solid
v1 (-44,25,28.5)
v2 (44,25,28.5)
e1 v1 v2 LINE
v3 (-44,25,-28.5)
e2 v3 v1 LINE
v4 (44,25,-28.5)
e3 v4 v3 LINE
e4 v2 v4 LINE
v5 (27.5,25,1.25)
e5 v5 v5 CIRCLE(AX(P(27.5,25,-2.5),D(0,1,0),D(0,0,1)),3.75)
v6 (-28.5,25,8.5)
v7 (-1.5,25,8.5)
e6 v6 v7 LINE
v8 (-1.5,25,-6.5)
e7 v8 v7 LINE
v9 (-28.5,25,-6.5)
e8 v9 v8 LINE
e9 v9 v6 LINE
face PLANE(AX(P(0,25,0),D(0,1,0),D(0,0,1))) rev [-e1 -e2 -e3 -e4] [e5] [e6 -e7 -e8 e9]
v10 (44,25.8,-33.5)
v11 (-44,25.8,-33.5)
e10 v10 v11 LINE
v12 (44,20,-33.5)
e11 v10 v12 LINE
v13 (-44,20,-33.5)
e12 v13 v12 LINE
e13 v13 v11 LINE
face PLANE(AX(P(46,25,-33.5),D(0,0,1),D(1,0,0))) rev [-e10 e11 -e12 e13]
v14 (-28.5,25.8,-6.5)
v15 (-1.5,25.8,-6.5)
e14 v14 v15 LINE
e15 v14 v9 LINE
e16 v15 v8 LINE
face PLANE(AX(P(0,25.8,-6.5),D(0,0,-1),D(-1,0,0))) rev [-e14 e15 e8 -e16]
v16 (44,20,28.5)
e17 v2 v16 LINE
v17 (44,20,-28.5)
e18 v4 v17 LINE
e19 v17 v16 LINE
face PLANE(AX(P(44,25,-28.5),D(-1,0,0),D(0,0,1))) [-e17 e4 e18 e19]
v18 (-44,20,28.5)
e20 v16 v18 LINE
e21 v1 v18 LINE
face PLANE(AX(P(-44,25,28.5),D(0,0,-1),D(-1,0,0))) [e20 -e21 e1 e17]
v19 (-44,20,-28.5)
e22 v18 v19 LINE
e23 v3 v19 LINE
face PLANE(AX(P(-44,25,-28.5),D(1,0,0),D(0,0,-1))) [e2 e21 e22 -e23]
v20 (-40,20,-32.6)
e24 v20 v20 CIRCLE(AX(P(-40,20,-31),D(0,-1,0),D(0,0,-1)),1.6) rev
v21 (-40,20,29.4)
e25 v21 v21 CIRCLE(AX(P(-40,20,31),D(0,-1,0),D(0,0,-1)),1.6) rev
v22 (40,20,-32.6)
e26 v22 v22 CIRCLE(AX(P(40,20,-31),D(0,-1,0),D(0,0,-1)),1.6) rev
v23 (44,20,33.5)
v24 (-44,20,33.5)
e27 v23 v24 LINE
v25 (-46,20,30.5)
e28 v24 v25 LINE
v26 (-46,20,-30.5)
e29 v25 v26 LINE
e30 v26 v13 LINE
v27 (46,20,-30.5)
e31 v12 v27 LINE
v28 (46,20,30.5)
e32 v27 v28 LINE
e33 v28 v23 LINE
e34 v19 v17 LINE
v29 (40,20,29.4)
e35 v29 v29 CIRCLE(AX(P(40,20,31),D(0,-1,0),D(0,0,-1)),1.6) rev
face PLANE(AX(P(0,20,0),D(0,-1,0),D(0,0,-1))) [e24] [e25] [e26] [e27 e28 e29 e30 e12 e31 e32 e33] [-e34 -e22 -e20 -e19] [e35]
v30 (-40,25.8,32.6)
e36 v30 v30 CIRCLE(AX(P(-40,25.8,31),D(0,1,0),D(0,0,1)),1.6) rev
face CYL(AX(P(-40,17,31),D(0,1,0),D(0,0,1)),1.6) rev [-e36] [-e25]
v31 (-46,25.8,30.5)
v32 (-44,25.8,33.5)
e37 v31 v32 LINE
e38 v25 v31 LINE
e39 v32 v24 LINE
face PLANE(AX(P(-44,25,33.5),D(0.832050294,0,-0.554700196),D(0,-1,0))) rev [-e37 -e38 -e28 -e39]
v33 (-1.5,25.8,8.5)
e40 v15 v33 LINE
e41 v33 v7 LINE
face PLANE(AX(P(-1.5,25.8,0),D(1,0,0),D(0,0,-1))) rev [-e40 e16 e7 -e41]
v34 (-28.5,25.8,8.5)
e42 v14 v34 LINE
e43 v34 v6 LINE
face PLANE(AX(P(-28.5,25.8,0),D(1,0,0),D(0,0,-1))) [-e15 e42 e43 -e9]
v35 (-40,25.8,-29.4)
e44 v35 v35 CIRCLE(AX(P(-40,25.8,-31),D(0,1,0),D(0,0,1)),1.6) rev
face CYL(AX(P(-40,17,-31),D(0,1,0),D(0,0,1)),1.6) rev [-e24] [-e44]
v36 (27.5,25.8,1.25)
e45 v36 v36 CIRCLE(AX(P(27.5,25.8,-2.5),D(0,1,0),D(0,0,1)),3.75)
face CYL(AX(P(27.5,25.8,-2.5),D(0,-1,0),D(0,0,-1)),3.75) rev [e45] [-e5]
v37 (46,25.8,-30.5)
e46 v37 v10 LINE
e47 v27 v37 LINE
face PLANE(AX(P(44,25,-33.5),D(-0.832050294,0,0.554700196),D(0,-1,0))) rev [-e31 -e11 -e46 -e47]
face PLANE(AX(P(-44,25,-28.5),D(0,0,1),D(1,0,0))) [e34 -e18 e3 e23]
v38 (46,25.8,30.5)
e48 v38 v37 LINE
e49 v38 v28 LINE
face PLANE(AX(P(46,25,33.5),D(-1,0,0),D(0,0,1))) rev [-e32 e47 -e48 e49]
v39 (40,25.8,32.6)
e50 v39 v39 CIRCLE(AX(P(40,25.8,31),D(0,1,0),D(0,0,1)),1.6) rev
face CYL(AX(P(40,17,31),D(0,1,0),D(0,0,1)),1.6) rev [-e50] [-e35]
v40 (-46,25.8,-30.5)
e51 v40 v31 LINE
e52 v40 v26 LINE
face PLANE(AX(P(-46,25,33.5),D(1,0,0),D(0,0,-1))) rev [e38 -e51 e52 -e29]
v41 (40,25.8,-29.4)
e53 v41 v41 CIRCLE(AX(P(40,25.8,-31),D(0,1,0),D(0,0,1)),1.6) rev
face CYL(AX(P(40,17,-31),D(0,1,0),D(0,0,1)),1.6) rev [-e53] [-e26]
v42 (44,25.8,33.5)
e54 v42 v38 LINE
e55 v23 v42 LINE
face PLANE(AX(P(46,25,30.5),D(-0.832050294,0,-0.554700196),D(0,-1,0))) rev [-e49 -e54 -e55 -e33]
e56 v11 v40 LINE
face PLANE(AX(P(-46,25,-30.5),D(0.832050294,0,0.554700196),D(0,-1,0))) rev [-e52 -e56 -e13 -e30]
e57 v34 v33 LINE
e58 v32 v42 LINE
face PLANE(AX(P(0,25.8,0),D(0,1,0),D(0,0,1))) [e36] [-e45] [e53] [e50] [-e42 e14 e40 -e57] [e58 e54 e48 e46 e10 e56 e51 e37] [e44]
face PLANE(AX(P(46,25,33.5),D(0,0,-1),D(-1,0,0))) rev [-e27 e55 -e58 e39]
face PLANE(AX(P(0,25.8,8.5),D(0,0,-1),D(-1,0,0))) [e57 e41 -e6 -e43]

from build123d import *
from OCP.BRepFilletAPI import BRepFilletAPI_MakeChamfer

# Parameters (mm, degrees)
SKETCH1_W           = 92
SKETCH1_H           = 67
SKETCH1_W_2         = 88
SKETCH1_H_2         = 57
BOSS_EXTRUDE1_DEPTH = 25
SKETCH2_W           = 92
SKETCH2_H           = 67
BOSS_EXTRUDE2_DEPTH = 0.8
CUT_EXTRUDE1_REACH  = 103.051
SKETCH3_W           = 11
SKETCH3_H           = 7
CUT_EXTRUDE2_DEPTH  = 8
CHAMFER1_SIZE       = 3
CHAMFER1_SIZE2      = 2
CHAMFER2_SIZE       = 2
CHAMFER2_SIZE2      = 3
BOSS_EXTRUDE3_START = 0.8
SKETCH6_R           = 1.6
SKETCH6_W           = 88
SKETCH6_H           = 57
SKETCH6_R_2         = 3.75
SKETCH6_W_2         = 27
SKETCH6_H_2         = 15
BOSS_EXTRUDE3_DEPTH = 0.8
CUT_EXTRUDE3_DEPTH  = 20.8


with BuildPart() as part:
    # Sketch1 → Boss-Extrude1 (new body)
    with BuildSketch(Plane(origin=(0, 0, 0), x_dir=(1, 0, 0), z_dir=(0, 1, 0))):
        Rectangle(SKETCH1_W, SKETCH1_H)
        Rectangle(SKETCH1_W_2, SKETCH1_H_2, mode=Mode.SUBTRACT)
    extrude(amount=BOSS_EXTRUDE1_DEPTH)

    # Sketch2 → Boss-Extrude2 (add)
    with BuildSketch(Plane.XZ):
        Rectangle(SKETCH2_W, SKETCH2_H)
    extrude(amount=BOSS_EXTRUDE2_DEPTH)

    # Sketch3 → Cut-Extrude1 (cut, up to next)
    with BuildSketch(Plane.ZY.offset(46), mode=Mode.PRIVATE) as cut_extrude1_sk1:
        with Locations((0, 15)):
            Rectangle(SKETCH3_W, SKETCH3_H)
    cut_extrude1_tool1 = extrude(cut_extrude1_sk1.sketch, amount=-CUT_EXTRUDE1_REACH, mode=Mode.PRIVATE) & part.part
    add(cut_extrude1_tool1.solids().sort_by_distance((-46, 15, 0))[0], mode=Mode.SUBTRACT)

    # Sketch4 → Cut-Extrude2 (cut)
    with BuildSketch(Plane(origin=(0, 25, 0), x_dir=(1, 0, 0), z_dir=(0, 1, 0))):
        with BuildLine():
            ThreePointArc((-38.4, 31), (-41.13137085, 32.13137085), (-40, 29.4))
            Line((-40, 29.4), (-40, 31))
            Line((-40, 31), (-38.4, 31))
        make_face()
        with BuildLine():
            Line((-40, 31), (-40, 29.4))
            ThreePointArc((-40, 29.4), (-38.86862915, 29.86862915), (-38.4, 31))
            Line((-38.4, 31), (-40, 31))
        make_face()
        with BuildLine():
            ThreePointArc((-40, -29.4), (-41.13137085, -32.13137085), (-38.4, -31))
            Line((-38.4, -31), (-40, -31))
            Line((-40, -31), (-40, -29.4))
        make_face()
        with BuildLine():
            Line((-40, -31), (-38.4, -31))
            ThreePointArc((-38.4, -31), (-38.86862915, -29.86862915), (-40, -29.4))
            Line((-40, -29.4), (-40, -31))
        make_face()
        with BuildLine():
            ThreePointArc((40, -29.4), (38.86862915, -29.86862915), (38.4, -31))
            Line((38.4, -31), (40, -31))
            Line((40, -31), (40, -29.4))
        make_face()
        with BuildLine():
            Line((40, -31), (38.4, -31))
            ThreePointArc((38.4, -31), (40, -32.6), (41.6, -31))
            ThreePointArc((41.6, -31), (41.13137085, -29.86862915), (40, -29.4))
            Line((40, -29.4), (40, -31))
        make_face()
        with BuildLine():
            ThreePointArc((38.4, 31), (38.86862915, 29.86862915), (40, 29.4))
            Line((40, 29.4), (40, 31))
            Line((40, 31), (38.4, 31))
        make_face()
        with BuildLine():
            Line((40, 31), (40, 29.4))
            ThreePointArc((40, 29.4), (41.13137085, 29.86862915), (41.6, 31))
            ThreePointArc((41.6, 31), (40, 32.6), (38.4, 31))
            Line((38.4, 31), (40, 31))
        make_face()
    extrude(amount=-CUT_EXTRUDE2_DEPTH, mode=Mode.SUBTRACT)

    # Chamfer1: one chamfer whose edges measure the first distance from different faces: ONE call of the kernel's chamfer builder (chamfer() names one face for all edges)
    chamfer1_edges_1 = [part.edges().sort_by_distance(p)[0] for p in [
        (46, 12.1, -33.5),
    ]]
    chamfer1_side_1 = [part.faces().sort_by_distance(p)[0] for p in [
        (46, 12.1, 0),
    ]]
    chamfer1_edges_2 = [part.edges().sort_by_distance(p)[0] for p in [
        (-46, 12.1, 33.5),
    ]]
    chamfer1_side_2 = [part.faces().sort_by_distance(p)[0] for p in [
        (-46, 12.1, 32.782041784),
    ]]
    chamfer1 = BRepFilletAPI_MakeChamfer(part.part.solid().wrapped)
    for e in chamfer1_edges_1:
        chamfer1.Add(CHAMFER1_SIZE, CHAMFER1_SIZE2, e.wrapped, chamfer1_side_1[0].wrapped)  # the first distance lies on this face
    for e in chamfer1_edges_2:
        chamfer1.Add(CHAMFER1_SIZE, CHAMFER1_SIZE2, e.wrapped, chamfer1_side_2[0].wrapped)  # the first distance lies on this face
    add(Compound.cast(chamfer1.Shape()), mode=Mode.REPLACE)

    # Chamfer2: one chamfer whose edges measure the first distance from different faces: ONE call of the kernel's chamfer builder (chamfer() names one face for all edges)
    chamfer2_edges_1 = [part.edges().sort_by_distance(p)[0] for p in [
        (-46, 12.1, -33.5),
    ]]
    chamfer2_side_1 = [part.faces().sort_by_distance(p)[0] for p in [
        (-1, 12.1, -33.5),
    ]]
    chamfer2_edges_2 = [part.edges().sort_by_distance(p)[0] for p in [
        (46, 12.1, 33.5),
    ]]
    chamfer2_side_2 = [part.faces().sort_by_distance(p)[0] for p in [
        (1, 12.1, 33.5),
    ]]
    chamfer2 = BRepFilletAPI_MakeChamfer(part.part.solid().wrapped)
    for e in chamfer2_edges_1:
        chamfer2.Add(CHAMFER2_SIZE, CHAMFER2_SIZE2, e.wrapped, chamfer2_side_1[0].wrapped)  # the first distance lies on this face
    for e in chamfer2_edges_2:
        chamfer2.Add(CHAMFER2_SIZE, CHAMFER2_SIZE2, e.wrapped, chamfer2_side_2[0].wrapped)  # the first distance lies on this face
    add(Compound.cast(chamfer2.Shape()), mode=Mode.REPLACE)

    # Sketch6 → Boss-Extrude3 (add)
    # profile 1 of 2: a face of its own
    with BuildSketch(Plane(origin=(0, 25, 0), x_dir=(1, 0, 0), z_dir=(0, 1, 0)).offset(BOSS_EXTRUDE3_START)):
        Polygon((46, 30.5), (44, 33.5), (-44, 33.5), (-46, 30.5), (-46, -30.5), (-44, -33.5), (44, -33.5), (46, -30.5), align=None)
        with Locations(Location((40, -31, 0), (0, 0, 270))):
            Circle(SKETCH6_R, mode=Mode.SUBTRACT)
        with Locations(Location((-40, 31, 0), (0, 0, 270))):
            Circle(SKETCH6_R, mode=Mode.SUBTRACT)
        with Locations(Location((-40, -31, 0), (0, 0, 270))):
            Circle(SKETCH6_R, mode=Mode.SUBTRACT)
        with Locations(Location((40, 31, 0), (0, 0, 270))):
            Circle(SKETCH6_R, mode=Mode.SUBTRACT)
        Rectangle(SKETCH6_W, SKETCH6_H, mode=Mode.SUBTRACT)
    # profile 2 of 2: a face of its own
    with BuildSketch(Plane(origin=(0, 25, 0), x_dir=(1, 0, 0), z_dir=(0, 1, 0)).offset(BOSS_EXTRUDE3_START)):
        Rectangle(SKETCH6_W, SKETCH6_H)
        with Locations(Location((27.5, 2.5, 0), (0, 0, 270))):
            Circle(SKETCH6_R_2, mode=Mode.SUBTRACT)
        with Locations((-15, -1)):
            Rectangle(SKETCH6_W_2, SKETCH6_H_2, mode=Mode.SUBTRACT)
    extrude(amount=-BOSS_EXTRUDE3_DEPTH)

    # Sketch7 → Cut-Extrude3 (cut)
    with BuildSketch(Plane.XZ.offset(0.8)):
        Polygon((-46, 30.5), (-46, -30.5), (-44, -33.5), (44, -33.5), (46, -30.5), (46, 30.5), (44, 33.5), (-44, 33.5), align=None)
    extrude(amount=-CUT_EXTRUDE3_DEPTH, mode=Mode.SUBTRACT)


solid = part.part
